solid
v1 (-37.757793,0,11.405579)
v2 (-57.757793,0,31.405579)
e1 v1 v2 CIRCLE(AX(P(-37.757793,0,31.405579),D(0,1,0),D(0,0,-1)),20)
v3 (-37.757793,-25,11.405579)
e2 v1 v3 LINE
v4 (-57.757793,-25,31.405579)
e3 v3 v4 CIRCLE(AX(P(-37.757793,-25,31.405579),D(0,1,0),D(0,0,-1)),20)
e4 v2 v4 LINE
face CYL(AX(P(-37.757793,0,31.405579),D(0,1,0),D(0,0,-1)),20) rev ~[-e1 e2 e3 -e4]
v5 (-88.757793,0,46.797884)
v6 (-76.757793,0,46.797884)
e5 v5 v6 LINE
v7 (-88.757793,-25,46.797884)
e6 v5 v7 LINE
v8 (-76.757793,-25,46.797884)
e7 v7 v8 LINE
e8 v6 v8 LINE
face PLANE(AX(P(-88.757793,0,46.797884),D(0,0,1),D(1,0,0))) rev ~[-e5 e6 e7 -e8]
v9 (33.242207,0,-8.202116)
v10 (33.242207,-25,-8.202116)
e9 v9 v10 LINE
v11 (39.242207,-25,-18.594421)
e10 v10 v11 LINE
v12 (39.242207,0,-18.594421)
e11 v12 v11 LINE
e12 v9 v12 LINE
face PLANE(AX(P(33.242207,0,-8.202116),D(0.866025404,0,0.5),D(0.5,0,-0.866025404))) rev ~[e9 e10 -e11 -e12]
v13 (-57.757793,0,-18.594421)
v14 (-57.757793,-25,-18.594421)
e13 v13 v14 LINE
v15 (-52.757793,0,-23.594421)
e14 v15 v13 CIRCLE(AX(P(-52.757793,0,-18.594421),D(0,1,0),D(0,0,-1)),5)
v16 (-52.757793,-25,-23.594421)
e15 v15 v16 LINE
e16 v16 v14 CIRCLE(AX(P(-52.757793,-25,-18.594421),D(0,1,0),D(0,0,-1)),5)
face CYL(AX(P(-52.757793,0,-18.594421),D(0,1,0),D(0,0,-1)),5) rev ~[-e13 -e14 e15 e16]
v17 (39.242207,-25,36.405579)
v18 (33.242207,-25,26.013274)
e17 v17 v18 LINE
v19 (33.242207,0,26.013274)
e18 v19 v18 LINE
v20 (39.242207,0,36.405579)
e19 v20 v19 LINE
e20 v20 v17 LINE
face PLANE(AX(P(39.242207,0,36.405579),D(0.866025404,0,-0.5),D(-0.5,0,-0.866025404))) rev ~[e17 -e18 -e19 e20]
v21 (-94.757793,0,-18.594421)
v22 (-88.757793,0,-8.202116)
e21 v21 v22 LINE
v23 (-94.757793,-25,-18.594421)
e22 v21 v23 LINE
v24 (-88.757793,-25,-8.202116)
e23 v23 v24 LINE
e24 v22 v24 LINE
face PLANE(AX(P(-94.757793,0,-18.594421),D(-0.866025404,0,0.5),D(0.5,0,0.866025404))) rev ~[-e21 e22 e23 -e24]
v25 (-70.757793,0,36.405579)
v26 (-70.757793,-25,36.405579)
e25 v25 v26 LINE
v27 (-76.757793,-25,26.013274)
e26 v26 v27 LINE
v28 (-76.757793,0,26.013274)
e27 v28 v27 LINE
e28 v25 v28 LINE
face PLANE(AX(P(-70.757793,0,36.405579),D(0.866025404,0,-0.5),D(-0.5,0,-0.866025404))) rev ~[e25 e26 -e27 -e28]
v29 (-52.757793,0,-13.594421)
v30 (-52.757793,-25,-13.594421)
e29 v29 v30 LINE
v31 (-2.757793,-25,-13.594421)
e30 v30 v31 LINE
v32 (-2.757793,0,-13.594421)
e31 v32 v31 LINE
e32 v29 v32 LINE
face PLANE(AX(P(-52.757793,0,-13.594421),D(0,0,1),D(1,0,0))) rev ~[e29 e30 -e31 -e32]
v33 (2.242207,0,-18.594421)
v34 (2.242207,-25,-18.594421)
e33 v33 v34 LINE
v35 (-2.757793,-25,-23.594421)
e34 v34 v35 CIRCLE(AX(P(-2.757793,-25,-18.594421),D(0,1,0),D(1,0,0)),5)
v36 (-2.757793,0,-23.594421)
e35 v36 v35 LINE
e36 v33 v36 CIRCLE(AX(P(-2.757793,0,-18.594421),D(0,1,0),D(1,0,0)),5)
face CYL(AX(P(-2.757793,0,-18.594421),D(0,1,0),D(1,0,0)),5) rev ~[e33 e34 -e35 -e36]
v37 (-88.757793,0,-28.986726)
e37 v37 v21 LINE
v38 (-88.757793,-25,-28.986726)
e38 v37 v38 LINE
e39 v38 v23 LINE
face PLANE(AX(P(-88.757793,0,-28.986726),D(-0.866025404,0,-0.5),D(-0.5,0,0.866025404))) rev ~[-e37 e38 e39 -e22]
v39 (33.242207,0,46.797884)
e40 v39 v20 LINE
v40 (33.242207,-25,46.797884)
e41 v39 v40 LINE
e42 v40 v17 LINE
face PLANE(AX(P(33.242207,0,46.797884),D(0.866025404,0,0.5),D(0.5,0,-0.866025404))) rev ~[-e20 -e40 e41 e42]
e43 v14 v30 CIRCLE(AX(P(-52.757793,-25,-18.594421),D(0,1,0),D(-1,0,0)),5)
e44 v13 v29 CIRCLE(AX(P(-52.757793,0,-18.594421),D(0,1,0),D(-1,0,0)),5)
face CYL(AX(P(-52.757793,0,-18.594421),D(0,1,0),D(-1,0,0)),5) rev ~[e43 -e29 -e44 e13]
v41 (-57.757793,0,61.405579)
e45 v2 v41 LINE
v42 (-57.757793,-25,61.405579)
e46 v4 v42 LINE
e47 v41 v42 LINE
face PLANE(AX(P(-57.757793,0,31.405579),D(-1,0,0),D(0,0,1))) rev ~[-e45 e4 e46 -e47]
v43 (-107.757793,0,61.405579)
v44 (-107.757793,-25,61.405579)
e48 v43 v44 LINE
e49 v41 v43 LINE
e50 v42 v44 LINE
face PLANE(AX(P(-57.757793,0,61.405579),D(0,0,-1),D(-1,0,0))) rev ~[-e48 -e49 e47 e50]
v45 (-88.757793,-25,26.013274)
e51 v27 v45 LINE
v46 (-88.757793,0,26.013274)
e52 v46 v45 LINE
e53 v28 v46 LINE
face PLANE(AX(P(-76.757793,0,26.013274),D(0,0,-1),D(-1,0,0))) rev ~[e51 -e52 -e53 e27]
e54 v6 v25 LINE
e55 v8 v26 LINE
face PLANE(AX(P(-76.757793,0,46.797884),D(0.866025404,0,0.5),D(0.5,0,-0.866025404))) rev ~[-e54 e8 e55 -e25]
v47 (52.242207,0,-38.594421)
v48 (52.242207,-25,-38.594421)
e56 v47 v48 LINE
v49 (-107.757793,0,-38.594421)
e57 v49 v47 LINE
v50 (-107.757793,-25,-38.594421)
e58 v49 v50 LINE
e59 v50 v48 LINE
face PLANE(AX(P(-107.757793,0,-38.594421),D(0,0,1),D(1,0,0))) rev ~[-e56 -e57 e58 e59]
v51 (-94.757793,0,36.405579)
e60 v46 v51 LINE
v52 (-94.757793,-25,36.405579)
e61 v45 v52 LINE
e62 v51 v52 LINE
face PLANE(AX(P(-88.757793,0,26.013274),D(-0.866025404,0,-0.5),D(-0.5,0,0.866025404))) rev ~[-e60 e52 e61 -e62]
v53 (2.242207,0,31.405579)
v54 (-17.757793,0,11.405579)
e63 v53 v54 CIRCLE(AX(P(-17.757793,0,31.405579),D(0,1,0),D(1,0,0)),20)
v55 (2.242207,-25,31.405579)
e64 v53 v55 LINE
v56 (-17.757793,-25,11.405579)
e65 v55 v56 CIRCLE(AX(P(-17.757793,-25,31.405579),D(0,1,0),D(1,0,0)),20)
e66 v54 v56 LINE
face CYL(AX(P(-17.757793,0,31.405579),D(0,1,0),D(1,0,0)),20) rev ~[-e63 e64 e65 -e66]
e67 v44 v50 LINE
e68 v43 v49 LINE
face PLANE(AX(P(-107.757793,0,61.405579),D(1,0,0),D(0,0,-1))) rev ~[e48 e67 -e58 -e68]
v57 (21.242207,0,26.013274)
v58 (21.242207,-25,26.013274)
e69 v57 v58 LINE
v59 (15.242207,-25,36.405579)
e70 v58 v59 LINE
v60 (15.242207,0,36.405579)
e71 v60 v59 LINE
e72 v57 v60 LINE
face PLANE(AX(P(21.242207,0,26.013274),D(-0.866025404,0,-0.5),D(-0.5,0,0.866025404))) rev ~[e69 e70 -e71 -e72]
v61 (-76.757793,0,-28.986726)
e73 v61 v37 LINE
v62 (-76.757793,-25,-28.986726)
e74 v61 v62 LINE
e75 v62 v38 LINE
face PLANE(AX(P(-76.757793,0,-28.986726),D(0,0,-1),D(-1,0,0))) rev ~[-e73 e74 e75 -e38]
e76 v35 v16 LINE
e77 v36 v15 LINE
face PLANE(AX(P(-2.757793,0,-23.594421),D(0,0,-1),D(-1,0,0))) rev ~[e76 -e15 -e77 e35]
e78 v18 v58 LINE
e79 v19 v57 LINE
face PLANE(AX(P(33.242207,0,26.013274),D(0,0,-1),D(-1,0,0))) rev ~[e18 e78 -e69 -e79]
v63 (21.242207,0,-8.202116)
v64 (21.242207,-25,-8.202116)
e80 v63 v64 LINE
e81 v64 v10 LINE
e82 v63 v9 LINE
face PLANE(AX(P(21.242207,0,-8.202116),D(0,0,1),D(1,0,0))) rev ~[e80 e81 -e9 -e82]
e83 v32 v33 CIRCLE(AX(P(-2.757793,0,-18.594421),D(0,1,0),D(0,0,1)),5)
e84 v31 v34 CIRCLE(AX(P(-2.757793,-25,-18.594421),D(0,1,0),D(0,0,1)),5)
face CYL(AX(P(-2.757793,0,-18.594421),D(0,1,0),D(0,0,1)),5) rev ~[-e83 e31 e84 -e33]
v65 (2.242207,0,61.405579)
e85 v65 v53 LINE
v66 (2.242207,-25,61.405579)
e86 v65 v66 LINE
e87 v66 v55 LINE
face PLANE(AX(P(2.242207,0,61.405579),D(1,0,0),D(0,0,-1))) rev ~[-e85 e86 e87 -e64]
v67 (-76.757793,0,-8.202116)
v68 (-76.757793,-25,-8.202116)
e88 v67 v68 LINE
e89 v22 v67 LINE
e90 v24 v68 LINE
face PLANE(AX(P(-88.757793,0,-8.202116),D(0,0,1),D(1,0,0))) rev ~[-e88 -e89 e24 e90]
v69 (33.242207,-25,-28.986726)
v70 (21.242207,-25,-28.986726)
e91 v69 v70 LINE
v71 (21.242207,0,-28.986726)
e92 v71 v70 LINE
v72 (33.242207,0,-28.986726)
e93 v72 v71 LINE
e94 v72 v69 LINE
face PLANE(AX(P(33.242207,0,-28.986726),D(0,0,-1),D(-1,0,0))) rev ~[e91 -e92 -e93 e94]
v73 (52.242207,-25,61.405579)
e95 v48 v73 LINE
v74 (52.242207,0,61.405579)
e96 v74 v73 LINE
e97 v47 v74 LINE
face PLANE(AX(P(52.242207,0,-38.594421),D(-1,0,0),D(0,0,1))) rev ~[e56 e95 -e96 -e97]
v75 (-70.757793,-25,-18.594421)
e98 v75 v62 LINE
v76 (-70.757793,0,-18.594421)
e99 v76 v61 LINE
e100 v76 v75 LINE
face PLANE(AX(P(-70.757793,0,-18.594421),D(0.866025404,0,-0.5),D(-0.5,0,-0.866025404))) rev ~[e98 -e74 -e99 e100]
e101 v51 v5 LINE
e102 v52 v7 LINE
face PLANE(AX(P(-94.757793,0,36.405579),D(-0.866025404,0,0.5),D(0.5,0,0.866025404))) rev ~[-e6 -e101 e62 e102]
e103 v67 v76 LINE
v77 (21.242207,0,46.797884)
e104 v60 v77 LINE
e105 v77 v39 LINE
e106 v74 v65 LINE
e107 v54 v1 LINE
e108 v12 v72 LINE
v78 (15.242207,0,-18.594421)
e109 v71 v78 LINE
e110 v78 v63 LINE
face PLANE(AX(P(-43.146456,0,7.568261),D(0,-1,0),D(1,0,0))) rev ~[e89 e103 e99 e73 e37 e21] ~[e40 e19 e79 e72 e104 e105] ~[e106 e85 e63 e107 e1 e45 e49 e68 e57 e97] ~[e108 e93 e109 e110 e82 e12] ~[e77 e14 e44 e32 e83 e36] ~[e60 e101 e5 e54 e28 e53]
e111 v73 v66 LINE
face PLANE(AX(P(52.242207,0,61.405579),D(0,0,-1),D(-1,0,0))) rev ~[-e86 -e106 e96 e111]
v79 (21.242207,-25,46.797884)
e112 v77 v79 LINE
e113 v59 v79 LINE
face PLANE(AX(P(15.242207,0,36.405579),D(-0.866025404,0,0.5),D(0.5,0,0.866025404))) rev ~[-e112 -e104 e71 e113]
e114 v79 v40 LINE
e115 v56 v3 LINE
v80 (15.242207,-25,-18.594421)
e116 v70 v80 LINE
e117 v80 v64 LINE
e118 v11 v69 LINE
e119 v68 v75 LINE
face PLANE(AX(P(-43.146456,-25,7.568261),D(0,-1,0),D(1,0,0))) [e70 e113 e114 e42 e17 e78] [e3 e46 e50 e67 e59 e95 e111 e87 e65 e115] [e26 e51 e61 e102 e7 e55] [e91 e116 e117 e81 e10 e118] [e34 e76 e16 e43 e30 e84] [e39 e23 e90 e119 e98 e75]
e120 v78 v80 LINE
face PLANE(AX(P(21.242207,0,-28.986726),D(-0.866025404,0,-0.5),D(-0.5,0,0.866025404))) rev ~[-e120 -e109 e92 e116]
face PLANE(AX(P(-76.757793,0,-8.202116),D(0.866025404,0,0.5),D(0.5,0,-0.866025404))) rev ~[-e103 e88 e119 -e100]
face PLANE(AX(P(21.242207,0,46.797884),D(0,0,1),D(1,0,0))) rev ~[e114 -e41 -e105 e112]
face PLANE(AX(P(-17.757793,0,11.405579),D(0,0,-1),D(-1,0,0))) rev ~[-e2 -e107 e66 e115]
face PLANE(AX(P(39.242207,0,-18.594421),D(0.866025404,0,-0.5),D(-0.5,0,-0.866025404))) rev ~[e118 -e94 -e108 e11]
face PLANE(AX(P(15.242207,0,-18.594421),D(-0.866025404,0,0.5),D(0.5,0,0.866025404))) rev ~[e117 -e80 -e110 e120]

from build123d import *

# Parameters (mm, degrees)
F1_DEPTH = 25


with BuildPart() as f1:
    # F0 (on Front) → F1 (new body)
    with BuildSketch(Plane.XZ):
        with BuildLine():
            Line((-94.7577927953, 36.405579025), (-107.7577927953, 36.405579025))
            Line((-107.7577927953, 36.405579025), (-107.7577927953, -18.594420975))
            Line((-107.7577927953, -18.594420975), (-94.7577927953, -18.594420975))
            Line((-94.7577927953, -18.594420975), (-88.7577927953, -8.2021161296))
            Line((-88.7577927953, -8.2021161296), (-82.7577927953, -8.2021161296))
            Line((-82.7577927953, -8.2021161296), (-76.7577927953, -8.2021161296))
            Line((-76.7577927953, -8.2021161296), (-70.7577927953, -18.594420975))
            Line((-70.7577927953, -18.594420975), (-57.7577927953, -18.594420975))
            ThreePointArc((-57.7577927953, -18.594420975), (-56.2933267013, -15.0588870691), (-52.7577927953, -13.594420975))
            Line((-52.7577927953, -13.594420975), (-2.7577927929, -13.594420975))
            ThreePointArc((-2.7577927929, -13.594420975), (0.7777411115, -15.0588870699), (2.2422072047, -18.594420975))
            Line((2.2422072047, -18.594420975), (15.2422072047, -18.594420975))
            Line((15.2422072047, -18.594420975), (21.2422072047, -8.2021161296))
            Line((21.2422072047, -8.2021161296), (27.2422072047, -8.2021161296))
            Line((27.2422072047, -8.2021161296), (27.2422072047, 0))
            Line((27.2422072047, 0), (27.2422072047, 26.0132741796))
            Line((27.2422072047, 26.0132741796), (21.2422072047, 26.0132741796))
            Line((21.2422072047, 26.0132741796), (15.2422072047, 36.405579025))
            Line((15.2422072047, 36.405579025), (2.2422072047, 36.405579025))
            Line((2.2422072047, 36.405579025), (2.2422072047, 31.405579025))
            ThreePointArc((2.2422072047, 31.405579025), (-3.6156571716, 17.2634434012), (-17.7577927953, 11.405579025))
            Line((-17.7577927953, 11.405579025), (-37.7577927953, 11.405579025))
            ThreePointArc((-37.7577927953, 11.405579025), (-51.899928419, 17.2634434012), (-57.7577927953, 31.405579025))
            Line((-57.7577927953, 31.405579025), (-57.7577927953, 36.405579025))
            Line((-57.7577927953, 36.405579025), (-70.7577927953, 36.405579025))
            Line((-70.7577927953, 36.405579025), (-76.7577927953, 26.0132741796))
            Line((-76.7577927953, 26.0132741796), (-88.7577927953, 26.0132741796))
            Line((-88.7577927953, 26.0132741796), (-94.7577927953, 36.405579025))
        make_face()
        Polygon((-57.7577927953, 61.405579025), (-107.7577927953, 61.405579025), (-107.7577927953, 36.405579025), (-94.7577927953, 36.405579025), (-88.7577927953, 46.7978838704), (-76.7577927953, 46.7978838704), (-70.7577927953, 36.405579025), (-57.7577927953, 36.405579025), align=None)
        Polygon((-94.7577927953, -18.594420975), (-107.7577927953, -18.594420975), (-107.7577927953, -38.594420975), (-82.7577927953, -38.594420975), (-82.7577927953, -28.9867258204), (-88.7577927953, -28.9867258204), align=None)
        with BuildLine():
            Line((-82.7577927953, -28.9867258204), (-82.7577927953, -38.594420975))
            Line((-82.7577927953, -38.594420975), (-52.7577927953, -38.594420975))
            Line((-52.7577927953, -38.594420975), (-2.7577927953, -38.594420975))
            Line((-2.7577927953, -38.594420975), (27.2422072047, -38.594420975))
            Line((27.2422072047, -38.594420975), (27.2422072047, -28.9867258204))
            Line((27.2422072047, -28.9867258204), (21.2422072047, -28.9867258204))
            Line((21.2422072047, -28.9867258204), (15.2422072047, -18.594420975))
            Line((15.2422072047, -18.594420975), (2.2422072047, -18.594420975))
            ThreePointArc((2.2422072047, -18.594420975), (0.7777411106, -22.129954881), (-2.7577927953, -23.594420975))
            Line((-2.7577927953, -23.594420975), (-52.7577927953, -23.594420975))
            ThreePointArc((-52.7577927953, -23.594420975), (-56.2933267013, -22.129954881), (-57.7577927953, -18.594420975))
            Line((-57.7577927953, -18.594420975), (-70.7577927953, -18.594420975))
            Line((-70.7577927953, -18.594420975), (-76.7577927953, -28.9867258204))
            Line((-76.7577927953, -28.9867258204), (-82.7577927953, -28.9867258204))
        make_face()
        Polygon((52.2422072047, -38.594420975), (52.2422072047, -18.594420975), (39.2422072047, -18.594420975), (33.2422072047, -28.9867258204), (27.2422072047, -28.9867258204), (27.2422072047, -38.594420975), align=None)
        Polygon((52.2422072047, -18.594420975), (52.2422072047, 36.405579025), (39.2422072047, 36.405579025), (33.2422072047, 26.0132741796), (27.2422072047, 26.0132741796), (27.2422072047, 0), (27.2422072047, -8.2021161296), (33.2422072047, -8.2021161296), (39.2422072047, -18.594420975), align=None)
        Polygon((2.2422072047, 61.405579025), (2.2422072047, 36.405579025), (15.2422072047, 36.405579025), (21.2422072047, 46.7978838704), (27.2422072047, 46.7978838704), (33.2422072047, 46.7978838704), (39.2422072047, 36.405579025), (52.2422072047, 36.405579025), (52.2422072047, 61.405579025), align=None)
    extrude(amount=F1_DEPTH)


solid = f1.part
